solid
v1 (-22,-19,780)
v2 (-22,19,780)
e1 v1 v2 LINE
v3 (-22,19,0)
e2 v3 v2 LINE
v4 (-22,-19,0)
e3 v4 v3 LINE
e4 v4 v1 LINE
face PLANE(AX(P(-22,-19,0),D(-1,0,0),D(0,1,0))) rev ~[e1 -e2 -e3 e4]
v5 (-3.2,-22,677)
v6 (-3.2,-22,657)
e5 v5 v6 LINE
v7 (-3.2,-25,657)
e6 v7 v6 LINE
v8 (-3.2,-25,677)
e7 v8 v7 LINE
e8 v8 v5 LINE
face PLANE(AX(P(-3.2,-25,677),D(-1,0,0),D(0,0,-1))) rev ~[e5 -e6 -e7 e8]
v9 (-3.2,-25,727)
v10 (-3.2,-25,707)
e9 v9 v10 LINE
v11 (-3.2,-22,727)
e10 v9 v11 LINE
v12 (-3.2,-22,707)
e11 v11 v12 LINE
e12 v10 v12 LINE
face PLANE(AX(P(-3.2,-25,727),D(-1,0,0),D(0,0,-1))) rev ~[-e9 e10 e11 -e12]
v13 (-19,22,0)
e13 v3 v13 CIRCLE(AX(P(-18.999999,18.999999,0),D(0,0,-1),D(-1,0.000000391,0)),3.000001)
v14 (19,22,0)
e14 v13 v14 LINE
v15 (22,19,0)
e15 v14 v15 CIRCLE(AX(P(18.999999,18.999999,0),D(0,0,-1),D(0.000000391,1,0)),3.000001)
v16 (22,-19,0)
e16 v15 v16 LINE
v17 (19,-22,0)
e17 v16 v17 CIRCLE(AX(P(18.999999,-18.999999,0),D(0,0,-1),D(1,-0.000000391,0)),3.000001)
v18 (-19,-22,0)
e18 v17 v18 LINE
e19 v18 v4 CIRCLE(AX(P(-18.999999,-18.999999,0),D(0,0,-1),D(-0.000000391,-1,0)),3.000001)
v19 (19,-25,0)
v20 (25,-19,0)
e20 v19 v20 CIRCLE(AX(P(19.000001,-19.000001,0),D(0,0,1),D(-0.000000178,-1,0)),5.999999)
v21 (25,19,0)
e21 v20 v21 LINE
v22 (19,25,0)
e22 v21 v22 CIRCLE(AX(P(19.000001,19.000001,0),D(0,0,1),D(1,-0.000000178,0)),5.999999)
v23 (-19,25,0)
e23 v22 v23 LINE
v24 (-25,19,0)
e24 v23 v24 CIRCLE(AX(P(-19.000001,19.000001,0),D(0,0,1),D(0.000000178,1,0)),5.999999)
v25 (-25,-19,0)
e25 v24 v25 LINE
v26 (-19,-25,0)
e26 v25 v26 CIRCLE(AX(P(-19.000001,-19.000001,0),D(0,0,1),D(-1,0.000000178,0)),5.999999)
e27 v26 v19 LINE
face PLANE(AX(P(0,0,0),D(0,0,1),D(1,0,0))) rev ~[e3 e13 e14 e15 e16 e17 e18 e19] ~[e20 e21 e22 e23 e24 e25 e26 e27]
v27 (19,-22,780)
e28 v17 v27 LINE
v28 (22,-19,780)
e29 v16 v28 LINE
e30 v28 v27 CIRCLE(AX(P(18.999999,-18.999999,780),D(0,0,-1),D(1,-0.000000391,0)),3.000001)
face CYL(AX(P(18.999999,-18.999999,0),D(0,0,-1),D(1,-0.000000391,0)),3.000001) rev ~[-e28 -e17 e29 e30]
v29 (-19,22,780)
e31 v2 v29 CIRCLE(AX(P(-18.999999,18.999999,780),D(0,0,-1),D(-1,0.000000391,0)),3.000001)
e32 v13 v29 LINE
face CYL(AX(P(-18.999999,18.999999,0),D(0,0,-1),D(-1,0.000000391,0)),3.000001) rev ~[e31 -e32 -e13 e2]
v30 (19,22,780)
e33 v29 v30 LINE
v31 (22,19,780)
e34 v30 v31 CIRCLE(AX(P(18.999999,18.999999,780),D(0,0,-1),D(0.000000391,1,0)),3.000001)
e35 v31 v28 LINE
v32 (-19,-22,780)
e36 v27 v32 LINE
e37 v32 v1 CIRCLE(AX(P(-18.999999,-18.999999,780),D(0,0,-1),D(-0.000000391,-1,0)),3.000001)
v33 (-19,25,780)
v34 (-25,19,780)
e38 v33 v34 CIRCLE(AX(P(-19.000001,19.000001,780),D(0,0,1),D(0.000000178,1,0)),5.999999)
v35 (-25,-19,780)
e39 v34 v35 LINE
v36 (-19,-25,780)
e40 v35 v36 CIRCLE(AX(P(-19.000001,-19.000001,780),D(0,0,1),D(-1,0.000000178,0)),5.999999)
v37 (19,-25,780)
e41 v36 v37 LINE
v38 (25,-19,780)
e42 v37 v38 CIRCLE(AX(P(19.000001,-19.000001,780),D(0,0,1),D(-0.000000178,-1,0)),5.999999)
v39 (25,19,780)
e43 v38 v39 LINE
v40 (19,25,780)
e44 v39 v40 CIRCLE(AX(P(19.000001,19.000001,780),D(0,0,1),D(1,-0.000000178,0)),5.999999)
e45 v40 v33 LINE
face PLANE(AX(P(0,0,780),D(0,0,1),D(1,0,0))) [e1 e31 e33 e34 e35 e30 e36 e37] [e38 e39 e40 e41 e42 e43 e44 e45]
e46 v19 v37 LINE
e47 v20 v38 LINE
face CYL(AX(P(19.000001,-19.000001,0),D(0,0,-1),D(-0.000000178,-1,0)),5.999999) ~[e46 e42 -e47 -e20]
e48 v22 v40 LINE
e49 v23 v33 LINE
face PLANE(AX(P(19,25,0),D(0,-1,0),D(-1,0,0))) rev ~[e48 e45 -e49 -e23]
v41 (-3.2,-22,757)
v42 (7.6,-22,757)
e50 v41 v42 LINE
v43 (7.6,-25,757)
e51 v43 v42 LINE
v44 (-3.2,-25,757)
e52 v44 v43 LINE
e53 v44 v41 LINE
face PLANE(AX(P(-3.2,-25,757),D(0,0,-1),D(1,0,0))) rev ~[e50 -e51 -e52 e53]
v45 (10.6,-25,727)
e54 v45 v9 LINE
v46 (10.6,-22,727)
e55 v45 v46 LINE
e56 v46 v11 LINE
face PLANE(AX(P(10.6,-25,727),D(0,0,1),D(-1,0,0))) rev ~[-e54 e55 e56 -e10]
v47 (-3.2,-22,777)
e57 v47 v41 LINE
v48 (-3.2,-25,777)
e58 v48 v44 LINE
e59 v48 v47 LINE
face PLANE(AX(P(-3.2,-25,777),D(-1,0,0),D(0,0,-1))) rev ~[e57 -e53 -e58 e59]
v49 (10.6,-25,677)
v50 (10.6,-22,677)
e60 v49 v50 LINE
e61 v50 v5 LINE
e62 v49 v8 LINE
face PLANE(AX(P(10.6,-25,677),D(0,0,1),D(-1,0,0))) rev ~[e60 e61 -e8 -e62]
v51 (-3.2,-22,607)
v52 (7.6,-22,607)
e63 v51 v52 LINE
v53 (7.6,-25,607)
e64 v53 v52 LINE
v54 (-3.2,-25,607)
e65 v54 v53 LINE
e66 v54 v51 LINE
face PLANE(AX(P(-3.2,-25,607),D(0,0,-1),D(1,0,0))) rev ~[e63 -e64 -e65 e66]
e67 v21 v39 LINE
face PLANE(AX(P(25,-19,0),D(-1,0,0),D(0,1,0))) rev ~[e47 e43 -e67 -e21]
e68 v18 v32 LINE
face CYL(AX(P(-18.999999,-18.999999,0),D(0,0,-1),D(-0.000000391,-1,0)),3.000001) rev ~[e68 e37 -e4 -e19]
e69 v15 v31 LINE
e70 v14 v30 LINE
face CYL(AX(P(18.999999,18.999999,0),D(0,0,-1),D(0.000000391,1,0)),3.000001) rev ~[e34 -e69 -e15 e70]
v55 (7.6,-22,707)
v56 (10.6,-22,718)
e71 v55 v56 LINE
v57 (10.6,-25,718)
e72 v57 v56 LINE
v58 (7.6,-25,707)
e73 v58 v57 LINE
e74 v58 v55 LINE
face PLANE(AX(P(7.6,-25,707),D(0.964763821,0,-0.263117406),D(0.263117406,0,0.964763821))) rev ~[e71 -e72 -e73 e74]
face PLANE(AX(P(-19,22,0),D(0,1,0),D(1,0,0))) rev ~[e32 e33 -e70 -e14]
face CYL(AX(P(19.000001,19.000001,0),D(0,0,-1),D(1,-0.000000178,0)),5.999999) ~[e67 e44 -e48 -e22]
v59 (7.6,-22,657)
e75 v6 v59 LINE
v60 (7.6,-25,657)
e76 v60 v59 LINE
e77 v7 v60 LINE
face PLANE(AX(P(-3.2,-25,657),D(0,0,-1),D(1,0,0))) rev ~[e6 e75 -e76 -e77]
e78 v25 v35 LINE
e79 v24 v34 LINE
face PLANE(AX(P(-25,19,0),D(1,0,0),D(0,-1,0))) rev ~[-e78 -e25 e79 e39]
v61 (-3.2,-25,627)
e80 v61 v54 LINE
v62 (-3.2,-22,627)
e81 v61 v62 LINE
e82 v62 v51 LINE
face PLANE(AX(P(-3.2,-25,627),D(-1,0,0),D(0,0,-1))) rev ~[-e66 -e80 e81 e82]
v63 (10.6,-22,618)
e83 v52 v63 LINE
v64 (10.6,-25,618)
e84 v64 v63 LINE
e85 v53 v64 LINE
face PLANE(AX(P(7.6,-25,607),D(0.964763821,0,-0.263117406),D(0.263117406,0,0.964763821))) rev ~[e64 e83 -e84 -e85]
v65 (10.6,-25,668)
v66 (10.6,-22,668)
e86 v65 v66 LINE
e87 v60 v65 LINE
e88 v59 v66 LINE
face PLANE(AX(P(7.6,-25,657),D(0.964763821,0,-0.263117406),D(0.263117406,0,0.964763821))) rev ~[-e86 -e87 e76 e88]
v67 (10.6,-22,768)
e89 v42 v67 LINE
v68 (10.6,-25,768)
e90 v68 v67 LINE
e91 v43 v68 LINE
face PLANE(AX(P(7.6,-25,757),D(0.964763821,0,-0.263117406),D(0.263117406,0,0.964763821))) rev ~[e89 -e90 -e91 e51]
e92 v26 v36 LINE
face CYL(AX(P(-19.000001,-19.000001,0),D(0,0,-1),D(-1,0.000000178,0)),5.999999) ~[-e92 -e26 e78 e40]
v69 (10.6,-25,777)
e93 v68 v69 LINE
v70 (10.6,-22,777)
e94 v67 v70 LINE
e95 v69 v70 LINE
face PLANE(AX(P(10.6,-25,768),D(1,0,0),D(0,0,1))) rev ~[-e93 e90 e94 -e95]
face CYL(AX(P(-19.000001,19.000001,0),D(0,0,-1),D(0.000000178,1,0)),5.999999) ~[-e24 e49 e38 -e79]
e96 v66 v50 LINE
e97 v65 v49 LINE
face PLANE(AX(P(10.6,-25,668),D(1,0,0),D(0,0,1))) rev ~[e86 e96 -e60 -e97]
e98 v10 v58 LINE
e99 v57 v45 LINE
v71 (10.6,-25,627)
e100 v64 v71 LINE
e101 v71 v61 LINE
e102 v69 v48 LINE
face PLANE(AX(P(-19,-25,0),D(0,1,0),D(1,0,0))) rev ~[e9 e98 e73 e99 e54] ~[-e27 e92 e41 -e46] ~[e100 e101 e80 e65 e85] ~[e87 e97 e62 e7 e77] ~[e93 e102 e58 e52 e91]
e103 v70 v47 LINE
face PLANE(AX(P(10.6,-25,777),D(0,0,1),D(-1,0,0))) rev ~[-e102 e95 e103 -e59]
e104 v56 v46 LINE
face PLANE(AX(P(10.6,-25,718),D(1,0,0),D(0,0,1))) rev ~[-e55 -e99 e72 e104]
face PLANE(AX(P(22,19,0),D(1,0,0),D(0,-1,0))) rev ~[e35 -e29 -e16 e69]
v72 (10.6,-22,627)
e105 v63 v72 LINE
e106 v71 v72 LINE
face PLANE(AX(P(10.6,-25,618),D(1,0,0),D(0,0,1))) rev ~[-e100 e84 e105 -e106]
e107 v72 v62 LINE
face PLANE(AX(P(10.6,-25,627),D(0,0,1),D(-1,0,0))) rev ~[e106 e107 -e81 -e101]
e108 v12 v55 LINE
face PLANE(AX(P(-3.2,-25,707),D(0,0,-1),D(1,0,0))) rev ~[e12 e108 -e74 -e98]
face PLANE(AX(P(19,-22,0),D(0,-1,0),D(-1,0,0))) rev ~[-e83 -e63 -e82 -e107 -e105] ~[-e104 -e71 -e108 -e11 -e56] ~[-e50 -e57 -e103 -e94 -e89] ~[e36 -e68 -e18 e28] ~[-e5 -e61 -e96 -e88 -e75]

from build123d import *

# Parameters (mm, degrees)
F1_DEPTH = 780
F3_DEPTH = 3


with BuildPart() as f1:
    # F0 (on Top) → F1 (new body)
    with BuildSketch(Plane.XY):
        with BuildLine():
            Line((-19, -25), (19, -25))
            ThreePointArc((19, -25), (23.242641, -23.242641), (25, -19))
            Line((25, -19), (25, 19))
            ThreePointArc((25, 19), (23.242641, 23.242641), (19, 25))
            Line((19, 25), (-19, 25))
            ThreePointArc((-19, 25), (-23.242641, 23.242641), (-25, 19))
            Line((-25, 19), (-25, -19))
            ThreePointArc((-25, -19), (-23.242641, -23.242641), (-19, -25))
        make_face()
        with BuildLine():
            Line((-19, 22), (19, 22))
            ThreePointArc((19, 22), (21.12132, 21.12132), (22, 19))
            Line((22, 19), (22, -19))
            ThreePointArc((22, -19), (21.12132, -21.12132), (19, -22))
            Line((19, -22), (-19, -22))
            ThreePointArc((-19, -22), (-21.12132, -21.12132), (-22, -19))
            Line((-22, -19), (-22, 19))
            ThreePointArc((-22, 19), (-21.12132, 21.12132), (-19, 22))
        make_face(mode=Mode.SUBTRACT)
    extrude(amount=F1_DEPTH)

    # F2 (on face) → F3 (cut)
    with BuildSketch(Plane.XZ.offset(25)):
        Polygon((10.6, 777), (-3.2, 777), (-3.2, 757), (7.6, 757), (10.6, 768), align=None)
        Polygon((-3.2, 727), (-3.2, 707), (7.6, 707), (10.6, 718), (10.6, 727), align=None)
        Polygon((-3.2, 677), (-3.2, 657), (7.6, 657), (10.6, 668), (10.6, 677), align=None)
        Polygon((-3.2, 627), (-3.2, 607), (7.6, 607), (10.6, 618), (10.6, 627), align=None)
    extrude(amount=-F3_DEPTH, mode=Mode.SUBTRACT)


solid = f1.part
